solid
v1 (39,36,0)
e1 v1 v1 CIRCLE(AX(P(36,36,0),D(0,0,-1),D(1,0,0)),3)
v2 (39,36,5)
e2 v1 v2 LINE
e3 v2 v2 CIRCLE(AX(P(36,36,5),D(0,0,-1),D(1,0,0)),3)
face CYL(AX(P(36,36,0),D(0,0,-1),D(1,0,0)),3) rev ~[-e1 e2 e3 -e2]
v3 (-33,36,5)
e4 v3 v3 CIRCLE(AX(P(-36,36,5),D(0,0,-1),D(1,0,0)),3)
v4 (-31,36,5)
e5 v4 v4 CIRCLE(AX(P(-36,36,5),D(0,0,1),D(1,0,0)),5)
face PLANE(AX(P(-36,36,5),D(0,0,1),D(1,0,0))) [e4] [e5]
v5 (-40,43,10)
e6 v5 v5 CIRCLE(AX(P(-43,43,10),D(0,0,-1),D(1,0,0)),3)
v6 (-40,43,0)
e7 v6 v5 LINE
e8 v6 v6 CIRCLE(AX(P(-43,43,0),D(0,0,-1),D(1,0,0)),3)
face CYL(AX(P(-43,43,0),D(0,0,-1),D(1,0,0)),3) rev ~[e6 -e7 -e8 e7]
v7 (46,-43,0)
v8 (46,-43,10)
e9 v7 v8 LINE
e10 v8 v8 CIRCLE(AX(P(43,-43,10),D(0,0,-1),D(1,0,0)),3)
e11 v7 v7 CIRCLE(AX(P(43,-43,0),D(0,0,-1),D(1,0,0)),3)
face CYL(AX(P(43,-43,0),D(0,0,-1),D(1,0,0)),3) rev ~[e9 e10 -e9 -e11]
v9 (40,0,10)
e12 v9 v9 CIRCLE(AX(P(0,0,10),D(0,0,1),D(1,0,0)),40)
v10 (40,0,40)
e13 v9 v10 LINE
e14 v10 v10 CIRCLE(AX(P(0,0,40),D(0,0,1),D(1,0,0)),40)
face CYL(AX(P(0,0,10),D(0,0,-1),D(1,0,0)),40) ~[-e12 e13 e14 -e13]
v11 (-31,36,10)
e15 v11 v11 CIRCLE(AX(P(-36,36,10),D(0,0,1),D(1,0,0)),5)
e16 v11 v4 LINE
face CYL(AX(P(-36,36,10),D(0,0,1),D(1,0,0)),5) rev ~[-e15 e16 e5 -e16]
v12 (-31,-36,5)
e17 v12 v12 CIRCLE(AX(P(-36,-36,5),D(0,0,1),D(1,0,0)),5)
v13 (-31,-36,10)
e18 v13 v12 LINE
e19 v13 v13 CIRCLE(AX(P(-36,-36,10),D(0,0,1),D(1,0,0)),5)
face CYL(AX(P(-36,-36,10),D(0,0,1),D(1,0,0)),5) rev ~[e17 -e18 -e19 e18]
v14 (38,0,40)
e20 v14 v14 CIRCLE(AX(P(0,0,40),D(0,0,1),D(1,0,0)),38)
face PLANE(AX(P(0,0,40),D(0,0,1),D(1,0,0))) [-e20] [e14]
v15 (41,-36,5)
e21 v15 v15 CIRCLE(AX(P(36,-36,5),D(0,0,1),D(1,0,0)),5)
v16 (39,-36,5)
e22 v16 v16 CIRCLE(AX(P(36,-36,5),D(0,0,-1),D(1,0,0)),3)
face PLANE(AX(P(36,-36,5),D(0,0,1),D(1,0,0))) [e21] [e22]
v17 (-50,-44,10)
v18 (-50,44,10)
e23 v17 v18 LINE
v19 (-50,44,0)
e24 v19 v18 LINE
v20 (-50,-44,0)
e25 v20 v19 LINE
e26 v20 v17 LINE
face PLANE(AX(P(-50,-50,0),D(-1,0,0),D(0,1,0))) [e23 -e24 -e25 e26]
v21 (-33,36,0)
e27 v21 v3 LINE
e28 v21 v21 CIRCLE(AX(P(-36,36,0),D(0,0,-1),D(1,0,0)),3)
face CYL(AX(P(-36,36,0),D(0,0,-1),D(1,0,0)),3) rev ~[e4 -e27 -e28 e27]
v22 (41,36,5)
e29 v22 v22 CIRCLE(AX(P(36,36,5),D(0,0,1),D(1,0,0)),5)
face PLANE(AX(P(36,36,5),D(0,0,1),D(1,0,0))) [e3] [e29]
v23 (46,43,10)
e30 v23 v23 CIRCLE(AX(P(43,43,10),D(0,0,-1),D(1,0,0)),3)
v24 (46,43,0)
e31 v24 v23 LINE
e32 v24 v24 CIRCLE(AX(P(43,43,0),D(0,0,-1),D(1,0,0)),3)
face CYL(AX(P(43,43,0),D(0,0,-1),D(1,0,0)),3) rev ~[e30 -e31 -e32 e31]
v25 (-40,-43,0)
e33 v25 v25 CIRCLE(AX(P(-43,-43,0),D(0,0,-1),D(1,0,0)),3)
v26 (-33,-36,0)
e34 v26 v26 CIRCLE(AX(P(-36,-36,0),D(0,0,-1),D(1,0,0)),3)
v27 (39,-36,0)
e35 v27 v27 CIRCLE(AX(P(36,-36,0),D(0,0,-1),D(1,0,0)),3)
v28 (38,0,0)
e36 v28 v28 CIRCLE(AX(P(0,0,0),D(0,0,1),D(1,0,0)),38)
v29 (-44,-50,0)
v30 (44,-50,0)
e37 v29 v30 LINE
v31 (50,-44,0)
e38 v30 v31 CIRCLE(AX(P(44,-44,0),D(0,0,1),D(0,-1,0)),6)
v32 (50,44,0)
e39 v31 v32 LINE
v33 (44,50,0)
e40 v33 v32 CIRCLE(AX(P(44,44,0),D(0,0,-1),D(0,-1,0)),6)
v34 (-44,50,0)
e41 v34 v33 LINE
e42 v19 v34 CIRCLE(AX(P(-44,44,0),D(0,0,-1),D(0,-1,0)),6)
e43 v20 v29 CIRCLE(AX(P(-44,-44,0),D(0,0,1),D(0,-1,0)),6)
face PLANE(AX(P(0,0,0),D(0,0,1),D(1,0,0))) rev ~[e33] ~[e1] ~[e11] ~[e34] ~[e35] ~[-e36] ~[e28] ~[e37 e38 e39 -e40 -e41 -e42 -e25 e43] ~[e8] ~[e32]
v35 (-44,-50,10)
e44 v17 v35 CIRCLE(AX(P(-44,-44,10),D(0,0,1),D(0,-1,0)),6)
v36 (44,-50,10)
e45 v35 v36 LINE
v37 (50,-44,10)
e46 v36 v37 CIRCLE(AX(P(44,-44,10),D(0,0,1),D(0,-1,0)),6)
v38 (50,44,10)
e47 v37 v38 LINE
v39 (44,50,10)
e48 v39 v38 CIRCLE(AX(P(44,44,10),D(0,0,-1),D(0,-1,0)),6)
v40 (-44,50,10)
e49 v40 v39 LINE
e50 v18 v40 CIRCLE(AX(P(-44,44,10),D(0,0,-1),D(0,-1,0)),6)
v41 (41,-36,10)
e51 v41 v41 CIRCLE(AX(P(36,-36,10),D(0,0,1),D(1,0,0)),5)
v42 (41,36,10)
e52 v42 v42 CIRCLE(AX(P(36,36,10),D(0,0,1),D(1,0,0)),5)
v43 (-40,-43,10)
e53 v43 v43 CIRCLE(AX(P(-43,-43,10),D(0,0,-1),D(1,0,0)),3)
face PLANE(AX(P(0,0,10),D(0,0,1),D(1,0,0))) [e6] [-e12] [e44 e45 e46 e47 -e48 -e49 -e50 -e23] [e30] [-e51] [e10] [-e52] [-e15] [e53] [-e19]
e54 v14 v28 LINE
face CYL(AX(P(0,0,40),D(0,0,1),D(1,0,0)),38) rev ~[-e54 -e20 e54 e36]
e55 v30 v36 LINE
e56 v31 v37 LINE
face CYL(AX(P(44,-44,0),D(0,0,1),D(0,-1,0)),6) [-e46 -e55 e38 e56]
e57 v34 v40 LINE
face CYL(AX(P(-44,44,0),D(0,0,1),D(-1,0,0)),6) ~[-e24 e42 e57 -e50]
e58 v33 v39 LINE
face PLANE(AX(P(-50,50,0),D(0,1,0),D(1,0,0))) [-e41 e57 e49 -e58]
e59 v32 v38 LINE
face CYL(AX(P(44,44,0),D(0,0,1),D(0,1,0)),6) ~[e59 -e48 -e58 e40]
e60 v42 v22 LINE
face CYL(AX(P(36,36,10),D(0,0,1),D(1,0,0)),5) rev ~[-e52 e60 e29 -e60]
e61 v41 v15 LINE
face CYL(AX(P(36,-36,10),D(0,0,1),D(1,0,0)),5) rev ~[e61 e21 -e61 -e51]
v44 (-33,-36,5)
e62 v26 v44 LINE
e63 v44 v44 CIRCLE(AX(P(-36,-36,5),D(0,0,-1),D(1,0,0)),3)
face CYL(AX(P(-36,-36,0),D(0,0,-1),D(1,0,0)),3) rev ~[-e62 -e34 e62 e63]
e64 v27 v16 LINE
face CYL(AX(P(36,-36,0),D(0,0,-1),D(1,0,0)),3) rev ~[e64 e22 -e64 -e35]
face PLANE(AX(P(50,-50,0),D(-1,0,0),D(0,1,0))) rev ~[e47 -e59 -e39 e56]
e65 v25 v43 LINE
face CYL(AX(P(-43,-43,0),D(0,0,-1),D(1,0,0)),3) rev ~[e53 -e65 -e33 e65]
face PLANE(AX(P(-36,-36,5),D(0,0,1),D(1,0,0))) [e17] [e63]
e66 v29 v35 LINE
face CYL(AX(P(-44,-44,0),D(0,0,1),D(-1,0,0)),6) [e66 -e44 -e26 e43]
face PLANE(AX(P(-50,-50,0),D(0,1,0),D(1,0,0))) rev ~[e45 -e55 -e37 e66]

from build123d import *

# Parameters (mm, degrees)
SKETCH_W        = 100
SKETCH_H        = 100
PAD_DEPTH       = 10
SKETCH001_R     = 40
PAD001_DEPTH    = 30
SKETCH002_R     = 38
POCKET_DEPTH    = 55
SKETCH003_R     = 3
POCKET001_DEPTH = 10
SKETCH004_R     = 3
POCKET002_DEPTH = 10
SKETCH005_R     = 5
POCKET003_DEPTH = 5
FILLET_R        = 6


with BuildPart() as part:
    # Sketch → Pad (new body)
    with BuildSketch(Plane.XY):
        Rectangle(SKETCH_W, SKETCH_H)
    extrude(amount=PAD_DEPTH)

    # Sketch001 (on Face6 of Pad) → Pad001 (join)
    with BuildSketch(Plane.XY.offset(10)):
        Circle(SKETCH001_R)
    extrude(amount=PAD001_DEPTH)

    # Sketch002 (on Face8 of Pad001) → Pocket (cut)
    with BuildSketch(Plane.XY.offset(40)):
        Circle(SKETCH002_R)
    extrude(amount=-POCKET_DEPTH, mode=Mode.SUBTRACT)

    # Sketch003 (on Face4 of Pocket) → Pocket001 (cut)
    with BuildSketch(Plane(origin=(0, 0, 0), x_dir=(1, 0, 0), z_dir=(0, 0, -1))):
        with Locations((-36, 36)):
            Circle(SKETCH003_R)
        with Locations((36, 36)):
            Circle(SKETCH003_R)
        with Locations((36, -36)):
            Circle(SKETCH003_R)
        with Locations((-36, -36)):
            Circle(SKETCH003_R)
    extrude(amount=-POCKET001_DEPTH, mode=Mode.SUBTRACT)

    # Sketch004 (on Face4 of Pocket001) → Pocket002 (cut)
    with BuildSketch(Plane(origin=(0, 0, 0), x_dir=(1, 0, 0), z_dir=(0, 0, -1))):
        with Locations((-43, 43)):
            Circle(SKETCH004_R)
        with Locations((43, 43)):
            Circle(SKETCH004_R)
        with Locations((43, -43)):
            Circle(SKETCH004_R)
        with Locations((-43, -43)):
            Circle(SKETCH004_R)
    extrude(amount=-POCKET002_DEPTH, mode=Mode.SUBTRACT)

    # Sketch005 (on Face5 of Pocket002) → Pocket003 (cut)
    with BuildSketch(Plane.XY.offset(10)):
        with Locations((-36, 36)):
            Circle(SKETCH005_R)
        with Locations((36, 36)):
            Circle(SKETCH005_R)
        with Locations((36, -36)):
            Circle(SKETCH005_R)
        with Locations((-36, -36)):
            Circle(SKETCH005_R)
    extrude(amount=-POCKET003_DEPTH, mode=Mode.SUBTRACT)

    # Fillet
    fillet_edges = [part.edges().sort_by_distance(p)[0] for p in [
        (-50, -50, 5),
        (-50, 50, 5),
        (50, 50, 5),
        (50, -50, 5),
    ]]
    fillet(fillet_edges, radius=FILLET_R)


solid = part.part
